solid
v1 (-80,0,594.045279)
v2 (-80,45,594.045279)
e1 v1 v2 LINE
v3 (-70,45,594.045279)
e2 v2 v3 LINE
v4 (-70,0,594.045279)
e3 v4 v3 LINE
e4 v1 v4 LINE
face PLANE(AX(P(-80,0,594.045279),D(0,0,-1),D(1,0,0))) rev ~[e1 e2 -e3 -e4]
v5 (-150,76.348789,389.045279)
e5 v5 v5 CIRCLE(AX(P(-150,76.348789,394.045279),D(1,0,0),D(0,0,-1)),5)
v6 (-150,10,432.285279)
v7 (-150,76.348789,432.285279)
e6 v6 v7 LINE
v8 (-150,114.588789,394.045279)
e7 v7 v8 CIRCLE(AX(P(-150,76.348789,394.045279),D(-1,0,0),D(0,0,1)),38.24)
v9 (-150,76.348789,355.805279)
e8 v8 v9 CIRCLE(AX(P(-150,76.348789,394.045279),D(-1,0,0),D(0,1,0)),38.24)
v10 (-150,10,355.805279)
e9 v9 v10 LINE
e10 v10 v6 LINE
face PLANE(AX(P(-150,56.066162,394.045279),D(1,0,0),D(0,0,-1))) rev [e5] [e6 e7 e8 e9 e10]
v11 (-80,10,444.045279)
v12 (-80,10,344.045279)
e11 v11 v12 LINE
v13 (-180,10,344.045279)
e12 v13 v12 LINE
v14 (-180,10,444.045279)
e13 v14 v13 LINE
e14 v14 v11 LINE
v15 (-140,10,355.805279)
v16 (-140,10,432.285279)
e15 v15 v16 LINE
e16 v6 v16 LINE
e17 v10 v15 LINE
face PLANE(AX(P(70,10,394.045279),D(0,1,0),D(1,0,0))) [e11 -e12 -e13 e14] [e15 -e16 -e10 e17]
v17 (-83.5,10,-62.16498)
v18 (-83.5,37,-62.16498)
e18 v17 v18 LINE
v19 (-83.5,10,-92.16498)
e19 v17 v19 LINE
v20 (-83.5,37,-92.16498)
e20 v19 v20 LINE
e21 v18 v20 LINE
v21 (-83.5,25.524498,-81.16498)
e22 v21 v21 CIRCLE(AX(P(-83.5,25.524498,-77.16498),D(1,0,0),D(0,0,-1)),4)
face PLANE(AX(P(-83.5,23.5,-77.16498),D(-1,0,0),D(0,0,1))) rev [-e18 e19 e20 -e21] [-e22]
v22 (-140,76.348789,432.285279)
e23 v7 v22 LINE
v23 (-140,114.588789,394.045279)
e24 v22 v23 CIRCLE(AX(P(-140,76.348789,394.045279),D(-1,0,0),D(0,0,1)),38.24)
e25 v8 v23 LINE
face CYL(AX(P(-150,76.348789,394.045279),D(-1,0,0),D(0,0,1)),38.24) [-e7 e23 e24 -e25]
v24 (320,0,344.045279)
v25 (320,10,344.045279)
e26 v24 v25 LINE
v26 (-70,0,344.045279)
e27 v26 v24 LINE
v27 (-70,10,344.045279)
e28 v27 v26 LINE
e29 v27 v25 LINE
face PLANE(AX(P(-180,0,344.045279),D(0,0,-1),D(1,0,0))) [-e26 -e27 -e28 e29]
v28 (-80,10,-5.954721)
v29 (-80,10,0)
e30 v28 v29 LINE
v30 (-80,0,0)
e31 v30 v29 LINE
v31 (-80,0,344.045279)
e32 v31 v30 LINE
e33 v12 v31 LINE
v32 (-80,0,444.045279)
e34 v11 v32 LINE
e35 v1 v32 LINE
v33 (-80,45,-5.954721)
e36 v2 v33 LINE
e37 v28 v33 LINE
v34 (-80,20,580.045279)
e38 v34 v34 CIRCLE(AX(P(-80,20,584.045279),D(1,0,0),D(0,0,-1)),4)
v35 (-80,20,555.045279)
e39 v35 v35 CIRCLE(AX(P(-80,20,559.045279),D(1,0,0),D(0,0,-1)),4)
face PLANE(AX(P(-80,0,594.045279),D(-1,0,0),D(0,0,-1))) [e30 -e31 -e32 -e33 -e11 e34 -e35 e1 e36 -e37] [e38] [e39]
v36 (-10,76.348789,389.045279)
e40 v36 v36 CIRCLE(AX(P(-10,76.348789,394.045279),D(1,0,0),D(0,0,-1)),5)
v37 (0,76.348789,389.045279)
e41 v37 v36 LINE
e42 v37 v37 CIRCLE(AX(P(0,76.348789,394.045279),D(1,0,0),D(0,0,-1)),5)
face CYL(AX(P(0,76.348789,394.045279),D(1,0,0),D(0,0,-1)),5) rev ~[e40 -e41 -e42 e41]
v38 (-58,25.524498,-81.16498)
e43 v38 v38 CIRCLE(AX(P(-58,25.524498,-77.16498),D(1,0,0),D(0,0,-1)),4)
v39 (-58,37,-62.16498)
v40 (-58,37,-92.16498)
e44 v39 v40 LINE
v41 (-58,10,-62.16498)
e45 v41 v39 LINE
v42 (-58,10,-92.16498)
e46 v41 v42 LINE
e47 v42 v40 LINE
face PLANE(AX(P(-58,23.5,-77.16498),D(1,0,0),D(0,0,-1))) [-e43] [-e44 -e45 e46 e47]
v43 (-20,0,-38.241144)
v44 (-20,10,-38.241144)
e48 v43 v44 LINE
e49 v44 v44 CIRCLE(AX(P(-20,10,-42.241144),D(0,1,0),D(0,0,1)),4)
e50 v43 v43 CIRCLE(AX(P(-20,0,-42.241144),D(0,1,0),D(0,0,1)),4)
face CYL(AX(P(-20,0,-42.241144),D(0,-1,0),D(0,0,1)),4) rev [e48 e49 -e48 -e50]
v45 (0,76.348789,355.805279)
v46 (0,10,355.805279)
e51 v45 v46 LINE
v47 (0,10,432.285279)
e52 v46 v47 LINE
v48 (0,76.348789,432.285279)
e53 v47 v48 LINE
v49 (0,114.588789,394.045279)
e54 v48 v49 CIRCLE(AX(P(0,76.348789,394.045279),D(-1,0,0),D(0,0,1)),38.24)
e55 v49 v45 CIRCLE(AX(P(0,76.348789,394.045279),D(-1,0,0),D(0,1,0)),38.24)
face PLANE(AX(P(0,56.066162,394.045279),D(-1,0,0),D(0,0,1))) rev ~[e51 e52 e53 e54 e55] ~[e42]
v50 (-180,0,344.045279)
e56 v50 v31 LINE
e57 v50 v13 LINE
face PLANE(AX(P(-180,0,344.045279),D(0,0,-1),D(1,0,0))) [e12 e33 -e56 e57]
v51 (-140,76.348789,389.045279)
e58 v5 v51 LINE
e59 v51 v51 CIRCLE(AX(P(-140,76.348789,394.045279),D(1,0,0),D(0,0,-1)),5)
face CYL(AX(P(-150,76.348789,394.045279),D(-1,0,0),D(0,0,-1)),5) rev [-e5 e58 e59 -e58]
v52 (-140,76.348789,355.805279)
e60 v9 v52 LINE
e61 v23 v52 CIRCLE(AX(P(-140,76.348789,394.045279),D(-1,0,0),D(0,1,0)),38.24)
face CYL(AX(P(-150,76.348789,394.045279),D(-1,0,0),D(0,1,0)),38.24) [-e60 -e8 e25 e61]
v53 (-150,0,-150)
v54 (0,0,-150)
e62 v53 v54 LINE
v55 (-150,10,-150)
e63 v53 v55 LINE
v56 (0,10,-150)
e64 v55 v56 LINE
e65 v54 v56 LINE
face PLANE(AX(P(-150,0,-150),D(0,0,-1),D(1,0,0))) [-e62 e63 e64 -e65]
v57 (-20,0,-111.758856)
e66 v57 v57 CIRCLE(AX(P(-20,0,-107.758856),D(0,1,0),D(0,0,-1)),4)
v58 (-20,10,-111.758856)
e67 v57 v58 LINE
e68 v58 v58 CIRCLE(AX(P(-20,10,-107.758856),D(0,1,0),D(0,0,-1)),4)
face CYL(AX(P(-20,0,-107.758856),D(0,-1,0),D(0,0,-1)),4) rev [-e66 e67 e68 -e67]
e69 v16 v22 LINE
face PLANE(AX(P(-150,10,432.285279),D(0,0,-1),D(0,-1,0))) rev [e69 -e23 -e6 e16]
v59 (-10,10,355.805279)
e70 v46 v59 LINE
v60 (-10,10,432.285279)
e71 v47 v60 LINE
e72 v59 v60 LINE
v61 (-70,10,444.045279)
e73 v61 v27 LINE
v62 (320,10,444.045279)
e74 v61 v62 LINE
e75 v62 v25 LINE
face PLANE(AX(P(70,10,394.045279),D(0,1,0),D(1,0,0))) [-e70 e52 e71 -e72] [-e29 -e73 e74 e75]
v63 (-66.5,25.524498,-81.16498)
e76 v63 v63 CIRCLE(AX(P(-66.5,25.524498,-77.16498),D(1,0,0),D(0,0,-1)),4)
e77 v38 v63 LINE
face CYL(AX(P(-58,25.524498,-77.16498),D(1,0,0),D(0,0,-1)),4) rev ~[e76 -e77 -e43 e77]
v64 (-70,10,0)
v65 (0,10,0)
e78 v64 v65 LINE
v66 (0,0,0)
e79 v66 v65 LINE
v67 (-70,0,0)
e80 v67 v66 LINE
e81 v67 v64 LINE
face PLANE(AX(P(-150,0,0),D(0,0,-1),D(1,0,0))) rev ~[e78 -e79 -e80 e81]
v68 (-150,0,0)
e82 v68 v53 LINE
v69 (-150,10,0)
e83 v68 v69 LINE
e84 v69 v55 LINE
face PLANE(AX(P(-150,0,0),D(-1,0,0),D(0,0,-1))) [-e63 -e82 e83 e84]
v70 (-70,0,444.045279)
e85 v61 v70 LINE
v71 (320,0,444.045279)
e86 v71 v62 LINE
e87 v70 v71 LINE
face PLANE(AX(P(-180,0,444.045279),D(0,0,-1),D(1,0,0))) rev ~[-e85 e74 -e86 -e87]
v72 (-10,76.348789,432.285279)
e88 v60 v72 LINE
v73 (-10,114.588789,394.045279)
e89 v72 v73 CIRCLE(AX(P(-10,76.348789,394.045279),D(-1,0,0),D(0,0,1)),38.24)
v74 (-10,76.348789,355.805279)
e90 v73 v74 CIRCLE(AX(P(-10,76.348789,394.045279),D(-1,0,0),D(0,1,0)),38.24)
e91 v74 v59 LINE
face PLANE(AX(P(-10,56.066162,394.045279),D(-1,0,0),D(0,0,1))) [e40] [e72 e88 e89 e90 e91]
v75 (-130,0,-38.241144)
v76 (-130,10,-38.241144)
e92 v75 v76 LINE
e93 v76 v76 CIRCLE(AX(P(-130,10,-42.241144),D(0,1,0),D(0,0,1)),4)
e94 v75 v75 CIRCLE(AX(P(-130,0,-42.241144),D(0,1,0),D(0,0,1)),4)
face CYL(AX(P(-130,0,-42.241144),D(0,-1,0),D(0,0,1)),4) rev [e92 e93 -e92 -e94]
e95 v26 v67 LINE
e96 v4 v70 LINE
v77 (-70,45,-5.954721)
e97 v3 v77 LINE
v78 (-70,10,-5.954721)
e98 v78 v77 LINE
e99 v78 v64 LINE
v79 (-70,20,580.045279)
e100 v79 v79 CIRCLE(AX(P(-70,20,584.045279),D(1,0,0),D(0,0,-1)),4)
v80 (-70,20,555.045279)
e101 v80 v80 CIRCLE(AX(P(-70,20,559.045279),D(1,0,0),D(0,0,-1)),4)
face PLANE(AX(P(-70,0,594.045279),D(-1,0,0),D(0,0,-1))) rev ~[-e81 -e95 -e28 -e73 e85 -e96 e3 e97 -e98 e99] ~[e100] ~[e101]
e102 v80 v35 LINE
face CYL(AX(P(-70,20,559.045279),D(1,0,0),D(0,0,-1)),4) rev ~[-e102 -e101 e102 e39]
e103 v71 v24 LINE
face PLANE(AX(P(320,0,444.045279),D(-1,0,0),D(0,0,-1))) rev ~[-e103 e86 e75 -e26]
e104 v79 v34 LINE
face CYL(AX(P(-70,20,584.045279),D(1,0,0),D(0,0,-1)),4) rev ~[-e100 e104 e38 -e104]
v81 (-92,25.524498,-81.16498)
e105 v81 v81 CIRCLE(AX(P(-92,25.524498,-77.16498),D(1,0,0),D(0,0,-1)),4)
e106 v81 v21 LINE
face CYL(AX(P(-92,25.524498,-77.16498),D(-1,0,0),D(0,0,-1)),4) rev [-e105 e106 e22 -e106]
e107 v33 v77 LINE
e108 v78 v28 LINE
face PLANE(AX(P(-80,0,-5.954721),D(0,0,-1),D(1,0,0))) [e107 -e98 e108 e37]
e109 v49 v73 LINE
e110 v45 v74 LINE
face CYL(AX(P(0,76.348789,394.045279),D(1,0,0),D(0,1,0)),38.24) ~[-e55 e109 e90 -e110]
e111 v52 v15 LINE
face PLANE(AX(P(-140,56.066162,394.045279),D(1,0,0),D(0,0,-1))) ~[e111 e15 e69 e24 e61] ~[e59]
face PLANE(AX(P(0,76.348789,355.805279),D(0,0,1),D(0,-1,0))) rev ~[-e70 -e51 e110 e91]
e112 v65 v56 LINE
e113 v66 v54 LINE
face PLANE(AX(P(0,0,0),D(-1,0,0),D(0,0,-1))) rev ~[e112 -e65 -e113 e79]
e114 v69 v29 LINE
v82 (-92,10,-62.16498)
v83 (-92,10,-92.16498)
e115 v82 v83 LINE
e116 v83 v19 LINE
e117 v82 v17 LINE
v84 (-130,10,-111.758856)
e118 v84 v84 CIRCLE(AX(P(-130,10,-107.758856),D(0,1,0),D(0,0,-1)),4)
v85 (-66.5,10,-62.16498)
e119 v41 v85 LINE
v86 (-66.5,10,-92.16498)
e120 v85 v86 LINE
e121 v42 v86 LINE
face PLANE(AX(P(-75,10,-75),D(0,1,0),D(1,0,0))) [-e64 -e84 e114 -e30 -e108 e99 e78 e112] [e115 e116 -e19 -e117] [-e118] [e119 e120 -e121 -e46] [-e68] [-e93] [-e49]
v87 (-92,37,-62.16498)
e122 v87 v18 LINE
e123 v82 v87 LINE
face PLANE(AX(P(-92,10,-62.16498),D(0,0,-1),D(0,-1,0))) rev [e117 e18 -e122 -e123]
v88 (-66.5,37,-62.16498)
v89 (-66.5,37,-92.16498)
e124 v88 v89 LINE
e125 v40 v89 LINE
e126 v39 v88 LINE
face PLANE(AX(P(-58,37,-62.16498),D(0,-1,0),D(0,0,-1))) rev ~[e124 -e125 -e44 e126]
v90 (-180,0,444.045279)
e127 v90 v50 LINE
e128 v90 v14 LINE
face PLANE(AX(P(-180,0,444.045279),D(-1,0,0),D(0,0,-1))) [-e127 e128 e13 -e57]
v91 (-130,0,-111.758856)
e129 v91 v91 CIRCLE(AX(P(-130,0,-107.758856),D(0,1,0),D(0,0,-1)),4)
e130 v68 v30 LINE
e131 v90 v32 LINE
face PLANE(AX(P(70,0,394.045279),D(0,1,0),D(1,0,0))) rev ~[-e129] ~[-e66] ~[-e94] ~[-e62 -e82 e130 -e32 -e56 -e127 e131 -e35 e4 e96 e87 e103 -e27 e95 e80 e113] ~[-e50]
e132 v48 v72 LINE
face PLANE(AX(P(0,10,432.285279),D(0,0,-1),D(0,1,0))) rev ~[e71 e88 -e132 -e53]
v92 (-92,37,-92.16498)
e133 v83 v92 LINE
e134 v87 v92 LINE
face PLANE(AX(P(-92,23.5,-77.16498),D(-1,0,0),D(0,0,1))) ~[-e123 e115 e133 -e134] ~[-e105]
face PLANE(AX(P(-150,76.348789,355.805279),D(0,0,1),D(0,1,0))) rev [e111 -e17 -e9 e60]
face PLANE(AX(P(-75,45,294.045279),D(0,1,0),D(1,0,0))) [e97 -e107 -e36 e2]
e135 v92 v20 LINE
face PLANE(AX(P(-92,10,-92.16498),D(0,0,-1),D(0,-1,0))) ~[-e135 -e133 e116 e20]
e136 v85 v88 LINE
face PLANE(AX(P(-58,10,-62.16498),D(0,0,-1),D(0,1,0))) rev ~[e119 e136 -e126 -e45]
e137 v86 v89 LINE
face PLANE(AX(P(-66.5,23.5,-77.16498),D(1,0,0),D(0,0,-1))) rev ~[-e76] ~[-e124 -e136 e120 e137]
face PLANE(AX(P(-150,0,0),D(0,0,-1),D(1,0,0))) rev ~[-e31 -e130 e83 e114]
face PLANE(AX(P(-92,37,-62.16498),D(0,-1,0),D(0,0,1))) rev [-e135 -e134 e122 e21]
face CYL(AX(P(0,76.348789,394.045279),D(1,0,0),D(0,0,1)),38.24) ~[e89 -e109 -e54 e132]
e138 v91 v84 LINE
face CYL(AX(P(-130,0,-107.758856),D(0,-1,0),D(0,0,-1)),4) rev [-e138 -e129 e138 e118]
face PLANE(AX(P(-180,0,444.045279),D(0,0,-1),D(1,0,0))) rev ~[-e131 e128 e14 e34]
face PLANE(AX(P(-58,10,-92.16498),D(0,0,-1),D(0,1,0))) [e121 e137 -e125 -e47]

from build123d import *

# Parameters (mm, degrees)
SKETCH2_W           = 150
SKETCH2_H           = 150
SKETCH2_R           = 4
BOSS_EXTRUDE2_DEPTH = 10
SKETCH3_W           = 10
SKETCH3_H           = 600
BOSS_EXTRUDE3_DEPTH = 45
SKETCH4_W           = 500
SKETCH4_H           = 100
BOSS_EXTRUDE4_DEPTH = 10
SKETCH5_R           = 5
BOSS_EXTRUDE5_DEPTH = 10
SKETCH7_W           = 30
SKETCH7_H           = 27
SKETCH7_R           = 4
BOSS_EXTRUDE6_DEPTH = 8.5
SKETCH8_R           = 4
CUT_EXTRUDE1_DEPTH  = 720.805795864


with BuildPart() as part:
    # Sketch2 → Boss-Extrude2 (new body)
    with BuildSketch(Plane(origin=(0, 0, 0), x_dir=(1, 0, 0), z_dir=(0, 1, 0))):
        with Locations((-75, 75)):
            Rectangle(SKETCH2_W, SKETCH2_H)
        with Locations(Location((-130, 42.241144312, 0), (0, 0, 270))):
            Circle(SKETCH2_R, mode=Mode.SUBTRACT)
        with Locations(Location((-20, 42.241144312, 0), (0, 0, 270))):
            Circle(SKETCH2_R, mode=Mode.SUBTRACT)
        with Locations(Location((-20, 107.758855688, 0), (0, 0, 90))):
            Circle(SKETCH2_R, mode=Mode.SUBTRACT)
        with Locations(Location((-130, 107.758855688, 0), (0, 0, 90))):
            Circle(SKETCH2_R, mode=Mode.SUBTRACT)
    extrude(amount=BOSS_EXTRUDE2_DEPTH)

    # Sketch3 → Boss-Extrude3 (add)
    with BuildSketch(Plane(origin=(0, 0, 0), x_dir=(1, 0, 0), z_dir=(0, 1, 0))):
        with Locations((-75, -294.045278836)):
            Rectangle(SKETCH3_W, SKETCH3_H)
    extrude(amount=BOSS_EXTRUDE3_DEPTH)

    # Sketch4 → Boss-Extrude4 (add)
    with BuildSketch(Plane(origin=(0, 0, 0), x_dir=(1, 0, 0), z_dir=(0, 1, 0))):
        with Locations((70, -394.045278836)):
            Rectangle(SKETCH4_W, SKETCH4_H)
    extrude(amount=BOSS_EXTRUDE4_DEPTH)

    # Sketch5 → Boss-Extrude5 (add)
    with BuildSketch(Plane(origin=(0, 0, 0), x_dir=(0, 0, -1), z_dir=(1, 0, 0))):
        with BuildLine():
            Line((-432.285278836, 10), (-432.285278836, 76.348788506))
            ThreePointArc((-432.285278836, 76.348788506), (-421.085042149, 103.388551818), (-394.045278836, 114.588788506))
            ThreePointArc((-394.045278836, 114.588788506), (-367.005515524, 103.388551818), (-355.805278836, 76.348788506))
            Line((-355.805278836, 76.348788506), (-355.805278836, 10))
            Line((-355.805278836, 10), (-432.285278836, 10))
        make_face()
        with Locations((-394.045278836, 76.348788506)):
            Circle(SKETCH5_R, mode=Mode.SUBTRACT)
    boss_extrude5 = extrude(amount=-BOSS_EXTRUDE5_DEPTH)

    # Mirror1: Boss-Extrude5 across plane
    add(boss_extrude5.mirror(Plane(origin=(-75, 0, 0), x_dir=(0, 0, 1), z_dir=(1, 0, 0))))

    # Sketch7 → Boss-Extrude6 (add)
    with BuildSketch(Plane(origin=(-58, 0, 0), x_dir=(0, 0, -1), z_dir=(1, 0, 0))):
        with Locations((77.164979512, 23.5)):
            Rectangle(SKETCH7_W, SKETCH7_H)
        with Locations((77.164979512, 25.524498442)):
            Circle(SKETCH7_R, mode=Mode.SUBTRACT)
    boss_extrude6 = extrude(amount=-BOSS_EXTRUDE6_DEPTH)

    # Mirror2: Boss-Extrude6 across plane
    add(boss_extrude6.mirror(Plane(origin=(-75, 0, 0), x_dir=(0, 0, 1), z_dir=(1, 0, 0))))

    # Sketch8 → Cut-Extrude1 (cut, through all)
    with BuildSketch(Plane(origin=(-70, 0, 0), x_dir=(0, 0, -1), z_dir=(1, 0, 0))):
        with Locations((-584.045278836, 20)):
            Circle(SKETCH8_R)
        with Locations((-559.045278836, 20)):
            Circle(SKETCH8_R)
    extrude(amount=-CUT_EXTRUDE1_DEPTH, mode=Mode.SUBTRACT)


solid = part.part
